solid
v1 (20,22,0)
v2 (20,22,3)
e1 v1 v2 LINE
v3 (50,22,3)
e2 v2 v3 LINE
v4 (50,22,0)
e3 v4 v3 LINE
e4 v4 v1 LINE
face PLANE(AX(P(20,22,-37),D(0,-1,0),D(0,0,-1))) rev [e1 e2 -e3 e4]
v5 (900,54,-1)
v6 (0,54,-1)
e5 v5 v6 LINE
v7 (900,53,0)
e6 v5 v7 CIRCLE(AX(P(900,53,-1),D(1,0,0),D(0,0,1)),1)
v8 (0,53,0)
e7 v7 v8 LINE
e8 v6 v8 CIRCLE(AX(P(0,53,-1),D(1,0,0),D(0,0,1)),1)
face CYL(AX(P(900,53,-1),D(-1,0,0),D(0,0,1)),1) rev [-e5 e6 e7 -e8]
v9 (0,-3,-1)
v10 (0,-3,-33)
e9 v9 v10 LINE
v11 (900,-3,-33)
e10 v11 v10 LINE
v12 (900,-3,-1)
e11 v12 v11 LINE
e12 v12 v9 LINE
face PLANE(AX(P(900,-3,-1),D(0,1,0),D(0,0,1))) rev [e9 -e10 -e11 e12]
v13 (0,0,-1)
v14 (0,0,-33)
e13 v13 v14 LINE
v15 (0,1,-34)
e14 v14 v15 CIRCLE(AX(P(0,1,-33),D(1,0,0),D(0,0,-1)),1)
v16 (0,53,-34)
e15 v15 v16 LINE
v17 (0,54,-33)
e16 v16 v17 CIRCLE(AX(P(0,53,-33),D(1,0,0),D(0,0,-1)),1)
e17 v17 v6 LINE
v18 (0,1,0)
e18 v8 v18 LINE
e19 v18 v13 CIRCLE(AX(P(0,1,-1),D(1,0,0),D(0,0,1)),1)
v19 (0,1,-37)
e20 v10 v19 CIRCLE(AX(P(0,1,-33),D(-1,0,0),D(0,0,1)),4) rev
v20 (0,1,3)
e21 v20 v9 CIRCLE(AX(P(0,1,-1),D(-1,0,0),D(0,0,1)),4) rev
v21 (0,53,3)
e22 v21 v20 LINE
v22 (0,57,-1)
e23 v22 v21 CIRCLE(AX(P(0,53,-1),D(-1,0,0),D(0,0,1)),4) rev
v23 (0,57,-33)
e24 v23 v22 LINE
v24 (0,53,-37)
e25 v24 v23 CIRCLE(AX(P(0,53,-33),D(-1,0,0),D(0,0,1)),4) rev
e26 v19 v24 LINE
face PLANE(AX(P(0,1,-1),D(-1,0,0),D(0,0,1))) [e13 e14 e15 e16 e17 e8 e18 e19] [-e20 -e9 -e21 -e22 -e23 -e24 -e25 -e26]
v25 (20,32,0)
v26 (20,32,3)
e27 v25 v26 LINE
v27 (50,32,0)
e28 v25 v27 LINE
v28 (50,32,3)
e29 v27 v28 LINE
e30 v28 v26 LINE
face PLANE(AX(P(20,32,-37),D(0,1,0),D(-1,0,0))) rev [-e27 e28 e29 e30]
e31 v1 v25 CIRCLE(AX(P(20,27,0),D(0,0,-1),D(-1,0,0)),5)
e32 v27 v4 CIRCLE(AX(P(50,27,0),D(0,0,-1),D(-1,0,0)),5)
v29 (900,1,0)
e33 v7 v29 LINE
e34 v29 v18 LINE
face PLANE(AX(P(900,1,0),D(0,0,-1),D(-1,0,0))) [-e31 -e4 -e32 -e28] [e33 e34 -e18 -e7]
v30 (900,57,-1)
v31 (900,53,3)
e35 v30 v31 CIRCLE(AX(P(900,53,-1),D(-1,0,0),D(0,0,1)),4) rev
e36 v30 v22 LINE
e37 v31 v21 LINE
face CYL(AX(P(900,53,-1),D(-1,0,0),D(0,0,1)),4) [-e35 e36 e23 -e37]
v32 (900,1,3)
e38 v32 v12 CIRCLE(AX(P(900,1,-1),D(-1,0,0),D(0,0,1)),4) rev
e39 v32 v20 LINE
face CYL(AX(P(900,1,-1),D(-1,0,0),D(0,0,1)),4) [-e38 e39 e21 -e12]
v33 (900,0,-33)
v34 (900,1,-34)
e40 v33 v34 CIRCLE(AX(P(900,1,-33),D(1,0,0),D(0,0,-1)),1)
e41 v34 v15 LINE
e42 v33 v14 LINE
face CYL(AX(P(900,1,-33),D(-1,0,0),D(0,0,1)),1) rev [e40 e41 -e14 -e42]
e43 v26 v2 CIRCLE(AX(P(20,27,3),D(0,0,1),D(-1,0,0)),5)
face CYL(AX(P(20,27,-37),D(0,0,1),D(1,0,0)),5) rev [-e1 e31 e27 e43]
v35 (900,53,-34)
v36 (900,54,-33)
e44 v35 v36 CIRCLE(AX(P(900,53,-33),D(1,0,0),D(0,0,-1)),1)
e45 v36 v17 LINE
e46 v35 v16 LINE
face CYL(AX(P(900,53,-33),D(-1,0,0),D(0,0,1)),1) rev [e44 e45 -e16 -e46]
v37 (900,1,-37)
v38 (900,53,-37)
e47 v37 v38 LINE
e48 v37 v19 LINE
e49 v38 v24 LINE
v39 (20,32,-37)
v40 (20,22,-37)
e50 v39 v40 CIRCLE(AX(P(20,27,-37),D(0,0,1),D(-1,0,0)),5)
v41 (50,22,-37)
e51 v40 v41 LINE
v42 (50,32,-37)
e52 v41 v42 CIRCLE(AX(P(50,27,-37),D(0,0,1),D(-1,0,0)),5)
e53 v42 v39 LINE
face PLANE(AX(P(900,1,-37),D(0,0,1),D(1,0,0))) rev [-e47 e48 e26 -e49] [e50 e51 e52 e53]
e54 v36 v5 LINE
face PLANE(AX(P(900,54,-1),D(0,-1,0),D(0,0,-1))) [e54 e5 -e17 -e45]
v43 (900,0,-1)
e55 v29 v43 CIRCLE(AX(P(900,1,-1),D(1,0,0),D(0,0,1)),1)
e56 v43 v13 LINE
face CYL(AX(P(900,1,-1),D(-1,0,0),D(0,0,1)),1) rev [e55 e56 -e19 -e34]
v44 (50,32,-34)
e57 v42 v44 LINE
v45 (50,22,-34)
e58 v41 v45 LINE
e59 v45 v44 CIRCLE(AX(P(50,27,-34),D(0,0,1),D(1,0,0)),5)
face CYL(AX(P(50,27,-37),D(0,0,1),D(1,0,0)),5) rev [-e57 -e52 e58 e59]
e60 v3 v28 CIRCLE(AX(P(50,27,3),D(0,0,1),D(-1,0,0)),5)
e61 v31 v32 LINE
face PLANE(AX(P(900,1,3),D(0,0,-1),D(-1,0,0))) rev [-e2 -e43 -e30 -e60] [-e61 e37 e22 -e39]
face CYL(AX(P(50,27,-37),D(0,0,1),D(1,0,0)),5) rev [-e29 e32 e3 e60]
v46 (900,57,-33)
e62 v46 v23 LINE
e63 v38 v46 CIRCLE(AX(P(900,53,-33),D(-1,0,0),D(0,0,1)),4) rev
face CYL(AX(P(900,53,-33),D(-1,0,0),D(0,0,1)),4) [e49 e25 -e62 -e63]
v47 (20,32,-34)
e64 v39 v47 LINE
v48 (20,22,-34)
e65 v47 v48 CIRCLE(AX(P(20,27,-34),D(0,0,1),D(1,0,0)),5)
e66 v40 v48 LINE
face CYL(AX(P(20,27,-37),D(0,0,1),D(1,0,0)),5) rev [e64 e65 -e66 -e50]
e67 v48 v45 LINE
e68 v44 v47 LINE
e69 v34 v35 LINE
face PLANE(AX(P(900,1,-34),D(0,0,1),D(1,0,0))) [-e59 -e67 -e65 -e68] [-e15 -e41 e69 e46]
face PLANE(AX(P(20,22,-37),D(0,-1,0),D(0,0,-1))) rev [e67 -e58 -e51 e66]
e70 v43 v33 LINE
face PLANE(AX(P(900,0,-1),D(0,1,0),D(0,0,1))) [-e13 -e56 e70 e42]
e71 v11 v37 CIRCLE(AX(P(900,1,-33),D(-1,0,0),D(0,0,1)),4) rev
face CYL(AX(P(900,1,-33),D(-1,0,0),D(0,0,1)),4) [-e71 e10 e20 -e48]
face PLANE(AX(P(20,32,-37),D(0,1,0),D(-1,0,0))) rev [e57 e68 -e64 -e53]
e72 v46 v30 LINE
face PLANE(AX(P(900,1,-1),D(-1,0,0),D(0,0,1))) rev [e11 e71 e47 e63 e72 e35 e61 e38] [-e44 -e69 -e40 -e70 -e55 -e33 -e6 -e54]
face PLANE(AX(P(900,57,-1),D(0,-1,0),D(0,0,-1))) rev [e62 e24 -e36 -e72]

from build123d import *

# Parameters (mm, degrees)
EXTRUDE_1_DEPTH     = 900
CUT_EXTRUDE_1_DEPTH = 40


with BuildPart() as part:
    # Эскиз1 → Вытянуть-Тонкостенный1 (new body)
    with BuildSketch(Plane(origin=(0, 0, 0), x_dir=(0, 0, -1), z_dir=(1, 0, 0))):
        with BuildLine():
            Line((-3, 53), (-3, 1))
            ThreePointArc((-3, 1), (-1.828427125, -1.828427125), (1, -3))
            Line((1, -3), (33, -3))
            ThreePointArc((33, -3), (35.828427125, -1.828427125), (37, 1))
            Line((37, 1), (37, 53))
            ThreePointArc((37, 53), (35.828427125, 55.828427125), (33, 57))
            Line((33, 57), (1, 57))
            ThreePointArc((1, 57), (-1.828427125, 55.828427125), (-3, 53))
        make_face()
        with BuildLine():
            Line((0, 53), (0, 1))
            ThreePointArc((0, 1), (0.292893219, 0.292893219), (1, 0))
            Line((1, 0), (33, 0))
            ThreePointArc((33, 0), (33.707106781, 0.292893219), (34, 1))
            Line((34, 1), (34, 53))
            ThreePointArc((34, 53), (33.707106781, 53.707106781), (33, 54))
            Line((33, 54), (1, 54))
            ThreePointArc((1, 54), (0.292893219, 53.707106781), (0, 53))
        make_face(mode=Mode.SUBTRACT)
    extrude(amount=EXTRUDE_1_DEPTH)

    # Эскиз2 → Вырез-Вытянуть1 (cut)
    with BuildSketch(Plane.XY.offset(3)):
        with BuildLine():
            Line((20, 32), (50, 32))
            ThreePointArc((50, 32), (55, 27), (50, 22))
            Line((50, 22), (20, 22))
            ThreePointArc((20, 22), (15, 27), (20, 32))
        make_face()
    extrude(amount=-CUT_EXTRUDE_1_DEPTH, mode=Mode.SUBTRACT)


solid = part.part
